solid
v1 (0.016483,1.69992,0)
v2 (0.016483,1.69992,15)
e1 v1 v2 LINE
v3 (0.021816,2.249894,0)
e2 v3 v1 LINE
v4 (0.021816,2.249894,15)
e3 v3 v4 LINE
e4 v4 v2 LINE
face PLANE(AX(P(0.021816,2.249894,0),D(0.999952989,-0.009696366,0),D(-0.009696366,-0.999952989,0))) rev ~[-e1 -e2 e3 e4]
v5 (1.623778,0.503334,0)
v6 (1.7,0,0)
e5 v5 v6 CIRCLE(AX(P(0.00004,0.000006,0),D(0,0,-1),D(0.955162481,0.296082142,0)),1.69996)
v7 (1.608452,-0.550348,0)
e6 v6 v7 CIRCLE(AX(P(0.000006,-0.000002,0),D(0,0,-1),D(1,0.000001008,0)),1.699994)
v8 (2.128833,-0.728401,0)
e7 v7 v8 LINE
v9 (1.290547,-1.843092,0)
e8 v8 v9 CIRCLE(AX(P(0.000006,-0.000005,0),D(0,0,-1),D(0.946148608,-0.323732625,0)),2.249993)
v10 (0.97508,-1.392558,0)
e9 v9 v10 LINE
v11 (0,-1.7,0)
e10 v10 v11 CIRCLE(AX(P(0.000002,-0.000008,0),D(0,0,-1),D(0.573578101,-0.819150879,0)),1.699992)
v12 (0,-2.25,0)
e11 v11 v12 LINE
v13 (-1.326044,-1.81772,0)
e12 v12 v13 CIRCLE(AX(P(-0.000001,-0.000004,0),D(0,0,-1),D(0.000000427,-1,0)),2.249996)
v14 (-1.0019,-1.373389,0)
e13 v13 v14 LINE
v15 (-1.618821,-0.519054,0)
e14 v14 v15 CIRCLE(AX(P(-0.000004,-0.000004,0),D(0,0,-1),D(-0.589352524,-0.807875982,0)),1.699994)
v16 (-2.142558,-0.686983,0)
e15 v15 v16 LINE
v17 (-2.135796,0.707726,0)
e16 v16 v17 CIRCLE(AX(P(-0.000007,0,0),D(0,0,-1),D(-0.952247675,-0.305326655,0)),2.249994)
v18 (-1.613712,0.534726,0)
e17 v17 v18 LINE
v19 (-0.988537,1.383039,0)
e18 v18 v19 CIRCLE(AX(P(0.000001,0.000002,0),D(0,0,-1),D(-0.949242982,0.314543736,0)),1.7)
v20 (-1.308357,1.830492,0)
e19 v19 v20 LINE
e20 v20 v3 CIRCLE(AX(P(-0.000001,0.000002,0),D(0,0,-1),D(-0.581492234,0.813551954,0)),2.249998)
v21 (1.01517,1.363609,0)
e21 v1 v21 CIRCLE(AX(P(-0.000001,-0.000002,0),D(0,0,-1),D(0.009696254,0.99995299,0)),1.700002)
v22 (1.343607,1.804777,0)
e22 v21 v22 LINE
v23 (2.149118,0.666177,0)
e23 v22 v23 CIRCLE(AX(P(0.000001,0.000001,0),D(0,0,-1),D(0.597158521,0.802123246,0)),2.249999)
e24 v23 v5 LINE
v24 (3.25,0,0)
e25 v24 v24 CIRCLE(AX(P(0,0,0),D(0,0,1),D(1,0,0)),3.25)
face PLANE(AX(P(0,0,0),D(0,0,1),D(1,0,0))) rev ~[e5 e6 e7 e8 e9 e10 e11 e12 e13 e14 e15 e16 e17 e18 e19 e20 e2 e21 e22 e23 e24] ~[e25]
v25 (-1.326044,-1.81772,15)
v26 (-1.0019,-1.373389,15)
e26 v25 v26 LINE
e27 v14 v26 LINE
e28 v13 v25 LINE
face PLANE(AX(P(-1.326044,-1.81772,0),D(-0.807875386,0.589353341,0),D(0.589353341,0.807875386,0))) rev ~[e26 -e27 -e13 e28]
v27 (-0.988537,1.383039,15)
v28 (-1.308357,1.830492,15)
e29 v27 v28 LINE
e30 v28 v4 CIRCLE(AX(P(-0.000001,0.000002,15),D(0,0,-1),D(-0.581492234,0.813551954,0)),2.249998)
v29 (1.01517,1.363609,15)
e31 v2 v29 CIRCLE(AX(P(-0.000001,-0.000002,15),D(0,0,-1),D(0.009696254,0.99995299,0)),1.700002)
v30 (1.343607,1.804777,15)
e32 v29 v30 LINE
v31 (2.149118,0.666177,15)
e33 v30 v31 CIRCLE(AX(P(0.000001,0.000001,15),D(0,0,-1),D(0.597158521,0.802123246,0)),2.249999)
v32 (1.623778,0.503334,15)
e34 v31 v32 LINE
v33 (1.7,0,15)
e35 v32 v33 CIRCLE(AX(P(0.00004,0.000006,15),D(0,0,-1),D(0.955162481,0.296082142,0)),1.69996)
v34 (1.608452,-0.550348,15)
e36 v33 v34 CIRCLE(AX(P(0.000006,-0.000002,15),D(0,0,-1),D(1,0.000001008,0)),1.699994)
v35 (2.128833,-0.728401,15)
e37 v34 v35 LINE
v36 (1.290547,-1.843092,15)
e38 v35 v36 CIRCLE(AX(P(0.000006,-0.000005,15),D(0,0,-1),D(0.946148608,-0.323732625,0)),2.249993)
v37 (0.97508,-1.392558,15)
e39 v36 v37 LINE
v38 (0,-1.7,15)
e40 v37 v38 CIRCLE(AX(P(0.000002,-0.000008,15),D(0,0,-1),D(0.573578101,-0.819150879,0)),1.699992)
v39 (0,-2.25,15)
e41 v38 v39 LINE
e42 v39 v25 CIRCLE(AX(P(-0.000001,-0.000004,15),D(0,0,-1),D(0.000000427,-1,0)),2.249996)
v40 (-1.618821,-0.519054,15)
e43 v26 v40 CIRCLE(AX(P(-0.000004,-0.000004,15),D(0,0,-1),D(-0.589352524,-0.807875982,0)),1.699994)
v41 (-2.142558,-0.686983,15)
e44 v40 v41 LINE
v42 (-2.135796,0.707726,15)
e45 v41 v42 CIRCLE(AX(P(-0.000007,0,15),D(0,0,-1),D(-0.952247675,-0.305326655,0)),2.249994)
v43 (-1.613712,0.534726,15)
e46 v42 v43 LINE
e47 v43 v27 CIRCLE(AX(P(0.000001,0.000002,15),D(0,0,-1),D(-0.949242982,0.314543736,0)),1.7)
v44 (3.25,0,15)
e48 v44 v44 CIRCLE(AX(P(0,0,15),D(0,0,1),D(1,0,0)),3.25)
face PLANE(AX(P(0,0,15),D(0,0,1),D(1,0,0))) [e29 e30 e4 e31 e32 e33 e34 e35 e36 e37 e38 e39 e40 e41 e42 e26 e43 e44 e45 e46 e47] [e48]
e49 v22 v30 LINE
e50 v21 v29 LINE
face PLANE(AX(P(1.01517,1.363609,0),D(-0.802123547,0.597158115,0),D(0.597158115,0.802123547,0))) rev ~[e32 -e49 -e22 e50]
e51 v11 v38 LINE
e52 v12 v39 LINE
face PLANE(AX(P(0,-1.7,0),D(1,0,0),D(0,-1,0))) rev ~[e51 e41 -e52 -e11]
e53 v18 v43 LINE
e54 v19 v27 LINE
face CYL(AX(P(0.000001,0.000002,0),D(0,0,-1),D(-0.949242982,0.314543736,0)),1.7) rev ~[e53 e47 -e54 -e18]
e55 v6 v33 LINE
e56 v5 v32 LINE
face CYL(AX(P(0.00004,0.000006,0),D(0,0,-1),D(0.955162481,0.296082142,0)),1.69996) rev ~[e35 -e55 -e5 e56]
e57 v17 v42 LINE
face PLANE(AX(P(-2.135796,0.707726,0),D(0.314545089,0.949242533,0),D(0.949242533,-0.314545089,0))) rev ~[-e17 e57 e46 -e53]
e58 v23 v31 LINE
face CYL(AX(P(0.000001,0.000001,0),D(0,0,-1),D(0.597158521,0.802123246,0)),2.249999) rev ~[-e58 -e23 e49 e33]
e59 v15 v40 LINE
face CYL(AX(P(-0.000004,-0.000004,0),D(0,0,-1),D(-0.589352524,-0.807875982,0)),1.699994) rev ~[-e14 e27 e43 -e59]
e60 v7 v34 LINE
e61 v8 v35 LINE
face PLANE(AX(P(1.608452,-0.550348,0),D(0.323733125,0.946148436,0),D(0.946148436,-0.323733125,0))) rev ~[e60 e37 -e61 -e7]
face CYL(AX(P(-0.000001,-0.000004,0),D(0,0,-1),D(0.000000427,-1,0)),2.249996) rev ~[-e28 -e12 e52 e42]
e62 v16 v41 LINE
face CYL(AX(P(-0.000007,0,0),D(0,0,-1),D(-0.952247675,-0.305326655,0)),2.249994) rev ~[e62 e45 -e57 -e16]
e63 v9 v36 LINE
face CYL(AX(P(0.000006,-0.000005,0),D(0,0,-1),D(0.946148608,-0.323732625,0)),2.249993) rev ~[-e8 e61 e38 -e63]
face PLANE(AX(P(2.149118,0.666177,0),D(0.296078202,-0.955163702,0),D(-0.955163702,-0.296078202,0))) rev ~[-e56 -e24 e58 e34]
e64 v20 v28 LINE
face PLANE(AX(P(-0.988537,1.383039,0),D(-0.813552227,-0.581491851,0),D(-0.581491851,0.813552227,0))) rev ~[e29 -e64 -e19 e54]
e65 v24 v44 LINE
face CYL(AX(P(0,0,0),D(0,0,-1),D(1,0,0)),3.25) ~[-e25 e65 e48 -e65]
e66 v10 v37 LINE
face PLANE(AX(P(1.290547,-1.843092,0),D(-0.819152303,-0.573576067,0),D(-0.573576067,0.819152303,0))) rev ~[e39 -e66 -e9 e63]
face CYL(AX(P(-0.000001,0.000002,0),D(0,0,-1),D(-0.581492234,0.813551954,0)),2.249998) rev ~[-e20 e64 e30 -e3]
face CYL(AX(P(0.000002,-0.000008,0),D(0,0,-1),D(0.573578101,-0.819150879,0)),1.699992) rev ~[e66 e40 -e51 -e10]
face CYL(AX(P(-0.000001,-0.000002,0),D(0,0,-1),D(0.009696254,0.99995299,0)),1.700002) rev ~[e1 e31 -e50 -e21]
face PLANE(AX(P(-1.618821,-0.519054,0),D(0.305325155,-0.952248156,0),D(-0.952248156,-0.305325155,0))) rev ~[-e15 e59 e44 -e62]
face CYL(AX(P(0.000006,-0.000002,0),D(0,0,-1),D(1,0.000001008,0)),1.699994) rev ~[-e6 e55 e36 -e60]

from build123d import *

# Parameters (mm, degrees)
F0_R     = 3.25
F1_DEPTH = 15


with BuildPart() as f1:
    # F0 (on Top) → F1 (new body)
    with BuildSketch(Plane.XY):
        Circle(F0_R)
        with BuildLine():
            ThreePointArc((1.623778, 0.503334), (1.680837, 0.254536), (1.7, 0))
            ThreePointArc((1.7, 0), (1.676957, -0.278955), (1.608452, -0.550348))
            Line((1.608452, -0.550348), (2.128833, -0.728401))
            ThreePointArc((2.128833, -0.728401), (1.798242, -1.352341), (1.290547, -1.843092))
            Line((1.290547, -1.843092), (0.97508, -1.392558))
            ThreePointArc((0.97508, -1.392558), (0.5112, -1.621319), (0, -1.7))
            Line((0, -1.7), (0, -2.25))
            ThreePointArc((0, -2.25), (-0.697363, -2.139202), (-1.326044, -1.81772))
            Line((-1.326044, -1.81772), (-1.0019, -1.373389))
            ThreePointArc((-1.0019, -1.373389), (-1.37823, -0.99523), (-1.618821, -0.519054))
            Line((-1.618821, -0.519054), (-2.142558, -0.686983))
            ThreePointArc((-2.142558, -0.686983), (-2.249974, 0.010908), (-2.135796, 0.707726))
            Line((-2.135796, 0.707726), (-1.613712, 0.534726))
            ThreePointArc((-1.613712, 0.534726), (-1.368515, 1.008547), (-0.988537, 1.383039))
            Line((-0.988537, 1.383039), (-1.308357, 1.830492))
            ThreePointArc((-1.308357, 1.830492), (-0.676588, 2.145863), (0.021816, 2.249894))
            Line((0.021816, 2.249894), (0.016483, 1.69992))
            ThreePointArc((0.016483, 1.69992), (0.542543, 1.611101), (1.01517, 1.363609))
            Line((1.01517, 1.363609), (1.343607, 1.804777))
            ThreePointArc((1.343607, 1.804777), (1.836814, 1.299467), (2.149118, 0.666177))
            Line((2.149118, 0.666177), (1.623778, 0.503334))
        make_face(mode=Mode.SUBTRACT)
    extrude(amount=F1_DEPTH)


solid = f1.part
